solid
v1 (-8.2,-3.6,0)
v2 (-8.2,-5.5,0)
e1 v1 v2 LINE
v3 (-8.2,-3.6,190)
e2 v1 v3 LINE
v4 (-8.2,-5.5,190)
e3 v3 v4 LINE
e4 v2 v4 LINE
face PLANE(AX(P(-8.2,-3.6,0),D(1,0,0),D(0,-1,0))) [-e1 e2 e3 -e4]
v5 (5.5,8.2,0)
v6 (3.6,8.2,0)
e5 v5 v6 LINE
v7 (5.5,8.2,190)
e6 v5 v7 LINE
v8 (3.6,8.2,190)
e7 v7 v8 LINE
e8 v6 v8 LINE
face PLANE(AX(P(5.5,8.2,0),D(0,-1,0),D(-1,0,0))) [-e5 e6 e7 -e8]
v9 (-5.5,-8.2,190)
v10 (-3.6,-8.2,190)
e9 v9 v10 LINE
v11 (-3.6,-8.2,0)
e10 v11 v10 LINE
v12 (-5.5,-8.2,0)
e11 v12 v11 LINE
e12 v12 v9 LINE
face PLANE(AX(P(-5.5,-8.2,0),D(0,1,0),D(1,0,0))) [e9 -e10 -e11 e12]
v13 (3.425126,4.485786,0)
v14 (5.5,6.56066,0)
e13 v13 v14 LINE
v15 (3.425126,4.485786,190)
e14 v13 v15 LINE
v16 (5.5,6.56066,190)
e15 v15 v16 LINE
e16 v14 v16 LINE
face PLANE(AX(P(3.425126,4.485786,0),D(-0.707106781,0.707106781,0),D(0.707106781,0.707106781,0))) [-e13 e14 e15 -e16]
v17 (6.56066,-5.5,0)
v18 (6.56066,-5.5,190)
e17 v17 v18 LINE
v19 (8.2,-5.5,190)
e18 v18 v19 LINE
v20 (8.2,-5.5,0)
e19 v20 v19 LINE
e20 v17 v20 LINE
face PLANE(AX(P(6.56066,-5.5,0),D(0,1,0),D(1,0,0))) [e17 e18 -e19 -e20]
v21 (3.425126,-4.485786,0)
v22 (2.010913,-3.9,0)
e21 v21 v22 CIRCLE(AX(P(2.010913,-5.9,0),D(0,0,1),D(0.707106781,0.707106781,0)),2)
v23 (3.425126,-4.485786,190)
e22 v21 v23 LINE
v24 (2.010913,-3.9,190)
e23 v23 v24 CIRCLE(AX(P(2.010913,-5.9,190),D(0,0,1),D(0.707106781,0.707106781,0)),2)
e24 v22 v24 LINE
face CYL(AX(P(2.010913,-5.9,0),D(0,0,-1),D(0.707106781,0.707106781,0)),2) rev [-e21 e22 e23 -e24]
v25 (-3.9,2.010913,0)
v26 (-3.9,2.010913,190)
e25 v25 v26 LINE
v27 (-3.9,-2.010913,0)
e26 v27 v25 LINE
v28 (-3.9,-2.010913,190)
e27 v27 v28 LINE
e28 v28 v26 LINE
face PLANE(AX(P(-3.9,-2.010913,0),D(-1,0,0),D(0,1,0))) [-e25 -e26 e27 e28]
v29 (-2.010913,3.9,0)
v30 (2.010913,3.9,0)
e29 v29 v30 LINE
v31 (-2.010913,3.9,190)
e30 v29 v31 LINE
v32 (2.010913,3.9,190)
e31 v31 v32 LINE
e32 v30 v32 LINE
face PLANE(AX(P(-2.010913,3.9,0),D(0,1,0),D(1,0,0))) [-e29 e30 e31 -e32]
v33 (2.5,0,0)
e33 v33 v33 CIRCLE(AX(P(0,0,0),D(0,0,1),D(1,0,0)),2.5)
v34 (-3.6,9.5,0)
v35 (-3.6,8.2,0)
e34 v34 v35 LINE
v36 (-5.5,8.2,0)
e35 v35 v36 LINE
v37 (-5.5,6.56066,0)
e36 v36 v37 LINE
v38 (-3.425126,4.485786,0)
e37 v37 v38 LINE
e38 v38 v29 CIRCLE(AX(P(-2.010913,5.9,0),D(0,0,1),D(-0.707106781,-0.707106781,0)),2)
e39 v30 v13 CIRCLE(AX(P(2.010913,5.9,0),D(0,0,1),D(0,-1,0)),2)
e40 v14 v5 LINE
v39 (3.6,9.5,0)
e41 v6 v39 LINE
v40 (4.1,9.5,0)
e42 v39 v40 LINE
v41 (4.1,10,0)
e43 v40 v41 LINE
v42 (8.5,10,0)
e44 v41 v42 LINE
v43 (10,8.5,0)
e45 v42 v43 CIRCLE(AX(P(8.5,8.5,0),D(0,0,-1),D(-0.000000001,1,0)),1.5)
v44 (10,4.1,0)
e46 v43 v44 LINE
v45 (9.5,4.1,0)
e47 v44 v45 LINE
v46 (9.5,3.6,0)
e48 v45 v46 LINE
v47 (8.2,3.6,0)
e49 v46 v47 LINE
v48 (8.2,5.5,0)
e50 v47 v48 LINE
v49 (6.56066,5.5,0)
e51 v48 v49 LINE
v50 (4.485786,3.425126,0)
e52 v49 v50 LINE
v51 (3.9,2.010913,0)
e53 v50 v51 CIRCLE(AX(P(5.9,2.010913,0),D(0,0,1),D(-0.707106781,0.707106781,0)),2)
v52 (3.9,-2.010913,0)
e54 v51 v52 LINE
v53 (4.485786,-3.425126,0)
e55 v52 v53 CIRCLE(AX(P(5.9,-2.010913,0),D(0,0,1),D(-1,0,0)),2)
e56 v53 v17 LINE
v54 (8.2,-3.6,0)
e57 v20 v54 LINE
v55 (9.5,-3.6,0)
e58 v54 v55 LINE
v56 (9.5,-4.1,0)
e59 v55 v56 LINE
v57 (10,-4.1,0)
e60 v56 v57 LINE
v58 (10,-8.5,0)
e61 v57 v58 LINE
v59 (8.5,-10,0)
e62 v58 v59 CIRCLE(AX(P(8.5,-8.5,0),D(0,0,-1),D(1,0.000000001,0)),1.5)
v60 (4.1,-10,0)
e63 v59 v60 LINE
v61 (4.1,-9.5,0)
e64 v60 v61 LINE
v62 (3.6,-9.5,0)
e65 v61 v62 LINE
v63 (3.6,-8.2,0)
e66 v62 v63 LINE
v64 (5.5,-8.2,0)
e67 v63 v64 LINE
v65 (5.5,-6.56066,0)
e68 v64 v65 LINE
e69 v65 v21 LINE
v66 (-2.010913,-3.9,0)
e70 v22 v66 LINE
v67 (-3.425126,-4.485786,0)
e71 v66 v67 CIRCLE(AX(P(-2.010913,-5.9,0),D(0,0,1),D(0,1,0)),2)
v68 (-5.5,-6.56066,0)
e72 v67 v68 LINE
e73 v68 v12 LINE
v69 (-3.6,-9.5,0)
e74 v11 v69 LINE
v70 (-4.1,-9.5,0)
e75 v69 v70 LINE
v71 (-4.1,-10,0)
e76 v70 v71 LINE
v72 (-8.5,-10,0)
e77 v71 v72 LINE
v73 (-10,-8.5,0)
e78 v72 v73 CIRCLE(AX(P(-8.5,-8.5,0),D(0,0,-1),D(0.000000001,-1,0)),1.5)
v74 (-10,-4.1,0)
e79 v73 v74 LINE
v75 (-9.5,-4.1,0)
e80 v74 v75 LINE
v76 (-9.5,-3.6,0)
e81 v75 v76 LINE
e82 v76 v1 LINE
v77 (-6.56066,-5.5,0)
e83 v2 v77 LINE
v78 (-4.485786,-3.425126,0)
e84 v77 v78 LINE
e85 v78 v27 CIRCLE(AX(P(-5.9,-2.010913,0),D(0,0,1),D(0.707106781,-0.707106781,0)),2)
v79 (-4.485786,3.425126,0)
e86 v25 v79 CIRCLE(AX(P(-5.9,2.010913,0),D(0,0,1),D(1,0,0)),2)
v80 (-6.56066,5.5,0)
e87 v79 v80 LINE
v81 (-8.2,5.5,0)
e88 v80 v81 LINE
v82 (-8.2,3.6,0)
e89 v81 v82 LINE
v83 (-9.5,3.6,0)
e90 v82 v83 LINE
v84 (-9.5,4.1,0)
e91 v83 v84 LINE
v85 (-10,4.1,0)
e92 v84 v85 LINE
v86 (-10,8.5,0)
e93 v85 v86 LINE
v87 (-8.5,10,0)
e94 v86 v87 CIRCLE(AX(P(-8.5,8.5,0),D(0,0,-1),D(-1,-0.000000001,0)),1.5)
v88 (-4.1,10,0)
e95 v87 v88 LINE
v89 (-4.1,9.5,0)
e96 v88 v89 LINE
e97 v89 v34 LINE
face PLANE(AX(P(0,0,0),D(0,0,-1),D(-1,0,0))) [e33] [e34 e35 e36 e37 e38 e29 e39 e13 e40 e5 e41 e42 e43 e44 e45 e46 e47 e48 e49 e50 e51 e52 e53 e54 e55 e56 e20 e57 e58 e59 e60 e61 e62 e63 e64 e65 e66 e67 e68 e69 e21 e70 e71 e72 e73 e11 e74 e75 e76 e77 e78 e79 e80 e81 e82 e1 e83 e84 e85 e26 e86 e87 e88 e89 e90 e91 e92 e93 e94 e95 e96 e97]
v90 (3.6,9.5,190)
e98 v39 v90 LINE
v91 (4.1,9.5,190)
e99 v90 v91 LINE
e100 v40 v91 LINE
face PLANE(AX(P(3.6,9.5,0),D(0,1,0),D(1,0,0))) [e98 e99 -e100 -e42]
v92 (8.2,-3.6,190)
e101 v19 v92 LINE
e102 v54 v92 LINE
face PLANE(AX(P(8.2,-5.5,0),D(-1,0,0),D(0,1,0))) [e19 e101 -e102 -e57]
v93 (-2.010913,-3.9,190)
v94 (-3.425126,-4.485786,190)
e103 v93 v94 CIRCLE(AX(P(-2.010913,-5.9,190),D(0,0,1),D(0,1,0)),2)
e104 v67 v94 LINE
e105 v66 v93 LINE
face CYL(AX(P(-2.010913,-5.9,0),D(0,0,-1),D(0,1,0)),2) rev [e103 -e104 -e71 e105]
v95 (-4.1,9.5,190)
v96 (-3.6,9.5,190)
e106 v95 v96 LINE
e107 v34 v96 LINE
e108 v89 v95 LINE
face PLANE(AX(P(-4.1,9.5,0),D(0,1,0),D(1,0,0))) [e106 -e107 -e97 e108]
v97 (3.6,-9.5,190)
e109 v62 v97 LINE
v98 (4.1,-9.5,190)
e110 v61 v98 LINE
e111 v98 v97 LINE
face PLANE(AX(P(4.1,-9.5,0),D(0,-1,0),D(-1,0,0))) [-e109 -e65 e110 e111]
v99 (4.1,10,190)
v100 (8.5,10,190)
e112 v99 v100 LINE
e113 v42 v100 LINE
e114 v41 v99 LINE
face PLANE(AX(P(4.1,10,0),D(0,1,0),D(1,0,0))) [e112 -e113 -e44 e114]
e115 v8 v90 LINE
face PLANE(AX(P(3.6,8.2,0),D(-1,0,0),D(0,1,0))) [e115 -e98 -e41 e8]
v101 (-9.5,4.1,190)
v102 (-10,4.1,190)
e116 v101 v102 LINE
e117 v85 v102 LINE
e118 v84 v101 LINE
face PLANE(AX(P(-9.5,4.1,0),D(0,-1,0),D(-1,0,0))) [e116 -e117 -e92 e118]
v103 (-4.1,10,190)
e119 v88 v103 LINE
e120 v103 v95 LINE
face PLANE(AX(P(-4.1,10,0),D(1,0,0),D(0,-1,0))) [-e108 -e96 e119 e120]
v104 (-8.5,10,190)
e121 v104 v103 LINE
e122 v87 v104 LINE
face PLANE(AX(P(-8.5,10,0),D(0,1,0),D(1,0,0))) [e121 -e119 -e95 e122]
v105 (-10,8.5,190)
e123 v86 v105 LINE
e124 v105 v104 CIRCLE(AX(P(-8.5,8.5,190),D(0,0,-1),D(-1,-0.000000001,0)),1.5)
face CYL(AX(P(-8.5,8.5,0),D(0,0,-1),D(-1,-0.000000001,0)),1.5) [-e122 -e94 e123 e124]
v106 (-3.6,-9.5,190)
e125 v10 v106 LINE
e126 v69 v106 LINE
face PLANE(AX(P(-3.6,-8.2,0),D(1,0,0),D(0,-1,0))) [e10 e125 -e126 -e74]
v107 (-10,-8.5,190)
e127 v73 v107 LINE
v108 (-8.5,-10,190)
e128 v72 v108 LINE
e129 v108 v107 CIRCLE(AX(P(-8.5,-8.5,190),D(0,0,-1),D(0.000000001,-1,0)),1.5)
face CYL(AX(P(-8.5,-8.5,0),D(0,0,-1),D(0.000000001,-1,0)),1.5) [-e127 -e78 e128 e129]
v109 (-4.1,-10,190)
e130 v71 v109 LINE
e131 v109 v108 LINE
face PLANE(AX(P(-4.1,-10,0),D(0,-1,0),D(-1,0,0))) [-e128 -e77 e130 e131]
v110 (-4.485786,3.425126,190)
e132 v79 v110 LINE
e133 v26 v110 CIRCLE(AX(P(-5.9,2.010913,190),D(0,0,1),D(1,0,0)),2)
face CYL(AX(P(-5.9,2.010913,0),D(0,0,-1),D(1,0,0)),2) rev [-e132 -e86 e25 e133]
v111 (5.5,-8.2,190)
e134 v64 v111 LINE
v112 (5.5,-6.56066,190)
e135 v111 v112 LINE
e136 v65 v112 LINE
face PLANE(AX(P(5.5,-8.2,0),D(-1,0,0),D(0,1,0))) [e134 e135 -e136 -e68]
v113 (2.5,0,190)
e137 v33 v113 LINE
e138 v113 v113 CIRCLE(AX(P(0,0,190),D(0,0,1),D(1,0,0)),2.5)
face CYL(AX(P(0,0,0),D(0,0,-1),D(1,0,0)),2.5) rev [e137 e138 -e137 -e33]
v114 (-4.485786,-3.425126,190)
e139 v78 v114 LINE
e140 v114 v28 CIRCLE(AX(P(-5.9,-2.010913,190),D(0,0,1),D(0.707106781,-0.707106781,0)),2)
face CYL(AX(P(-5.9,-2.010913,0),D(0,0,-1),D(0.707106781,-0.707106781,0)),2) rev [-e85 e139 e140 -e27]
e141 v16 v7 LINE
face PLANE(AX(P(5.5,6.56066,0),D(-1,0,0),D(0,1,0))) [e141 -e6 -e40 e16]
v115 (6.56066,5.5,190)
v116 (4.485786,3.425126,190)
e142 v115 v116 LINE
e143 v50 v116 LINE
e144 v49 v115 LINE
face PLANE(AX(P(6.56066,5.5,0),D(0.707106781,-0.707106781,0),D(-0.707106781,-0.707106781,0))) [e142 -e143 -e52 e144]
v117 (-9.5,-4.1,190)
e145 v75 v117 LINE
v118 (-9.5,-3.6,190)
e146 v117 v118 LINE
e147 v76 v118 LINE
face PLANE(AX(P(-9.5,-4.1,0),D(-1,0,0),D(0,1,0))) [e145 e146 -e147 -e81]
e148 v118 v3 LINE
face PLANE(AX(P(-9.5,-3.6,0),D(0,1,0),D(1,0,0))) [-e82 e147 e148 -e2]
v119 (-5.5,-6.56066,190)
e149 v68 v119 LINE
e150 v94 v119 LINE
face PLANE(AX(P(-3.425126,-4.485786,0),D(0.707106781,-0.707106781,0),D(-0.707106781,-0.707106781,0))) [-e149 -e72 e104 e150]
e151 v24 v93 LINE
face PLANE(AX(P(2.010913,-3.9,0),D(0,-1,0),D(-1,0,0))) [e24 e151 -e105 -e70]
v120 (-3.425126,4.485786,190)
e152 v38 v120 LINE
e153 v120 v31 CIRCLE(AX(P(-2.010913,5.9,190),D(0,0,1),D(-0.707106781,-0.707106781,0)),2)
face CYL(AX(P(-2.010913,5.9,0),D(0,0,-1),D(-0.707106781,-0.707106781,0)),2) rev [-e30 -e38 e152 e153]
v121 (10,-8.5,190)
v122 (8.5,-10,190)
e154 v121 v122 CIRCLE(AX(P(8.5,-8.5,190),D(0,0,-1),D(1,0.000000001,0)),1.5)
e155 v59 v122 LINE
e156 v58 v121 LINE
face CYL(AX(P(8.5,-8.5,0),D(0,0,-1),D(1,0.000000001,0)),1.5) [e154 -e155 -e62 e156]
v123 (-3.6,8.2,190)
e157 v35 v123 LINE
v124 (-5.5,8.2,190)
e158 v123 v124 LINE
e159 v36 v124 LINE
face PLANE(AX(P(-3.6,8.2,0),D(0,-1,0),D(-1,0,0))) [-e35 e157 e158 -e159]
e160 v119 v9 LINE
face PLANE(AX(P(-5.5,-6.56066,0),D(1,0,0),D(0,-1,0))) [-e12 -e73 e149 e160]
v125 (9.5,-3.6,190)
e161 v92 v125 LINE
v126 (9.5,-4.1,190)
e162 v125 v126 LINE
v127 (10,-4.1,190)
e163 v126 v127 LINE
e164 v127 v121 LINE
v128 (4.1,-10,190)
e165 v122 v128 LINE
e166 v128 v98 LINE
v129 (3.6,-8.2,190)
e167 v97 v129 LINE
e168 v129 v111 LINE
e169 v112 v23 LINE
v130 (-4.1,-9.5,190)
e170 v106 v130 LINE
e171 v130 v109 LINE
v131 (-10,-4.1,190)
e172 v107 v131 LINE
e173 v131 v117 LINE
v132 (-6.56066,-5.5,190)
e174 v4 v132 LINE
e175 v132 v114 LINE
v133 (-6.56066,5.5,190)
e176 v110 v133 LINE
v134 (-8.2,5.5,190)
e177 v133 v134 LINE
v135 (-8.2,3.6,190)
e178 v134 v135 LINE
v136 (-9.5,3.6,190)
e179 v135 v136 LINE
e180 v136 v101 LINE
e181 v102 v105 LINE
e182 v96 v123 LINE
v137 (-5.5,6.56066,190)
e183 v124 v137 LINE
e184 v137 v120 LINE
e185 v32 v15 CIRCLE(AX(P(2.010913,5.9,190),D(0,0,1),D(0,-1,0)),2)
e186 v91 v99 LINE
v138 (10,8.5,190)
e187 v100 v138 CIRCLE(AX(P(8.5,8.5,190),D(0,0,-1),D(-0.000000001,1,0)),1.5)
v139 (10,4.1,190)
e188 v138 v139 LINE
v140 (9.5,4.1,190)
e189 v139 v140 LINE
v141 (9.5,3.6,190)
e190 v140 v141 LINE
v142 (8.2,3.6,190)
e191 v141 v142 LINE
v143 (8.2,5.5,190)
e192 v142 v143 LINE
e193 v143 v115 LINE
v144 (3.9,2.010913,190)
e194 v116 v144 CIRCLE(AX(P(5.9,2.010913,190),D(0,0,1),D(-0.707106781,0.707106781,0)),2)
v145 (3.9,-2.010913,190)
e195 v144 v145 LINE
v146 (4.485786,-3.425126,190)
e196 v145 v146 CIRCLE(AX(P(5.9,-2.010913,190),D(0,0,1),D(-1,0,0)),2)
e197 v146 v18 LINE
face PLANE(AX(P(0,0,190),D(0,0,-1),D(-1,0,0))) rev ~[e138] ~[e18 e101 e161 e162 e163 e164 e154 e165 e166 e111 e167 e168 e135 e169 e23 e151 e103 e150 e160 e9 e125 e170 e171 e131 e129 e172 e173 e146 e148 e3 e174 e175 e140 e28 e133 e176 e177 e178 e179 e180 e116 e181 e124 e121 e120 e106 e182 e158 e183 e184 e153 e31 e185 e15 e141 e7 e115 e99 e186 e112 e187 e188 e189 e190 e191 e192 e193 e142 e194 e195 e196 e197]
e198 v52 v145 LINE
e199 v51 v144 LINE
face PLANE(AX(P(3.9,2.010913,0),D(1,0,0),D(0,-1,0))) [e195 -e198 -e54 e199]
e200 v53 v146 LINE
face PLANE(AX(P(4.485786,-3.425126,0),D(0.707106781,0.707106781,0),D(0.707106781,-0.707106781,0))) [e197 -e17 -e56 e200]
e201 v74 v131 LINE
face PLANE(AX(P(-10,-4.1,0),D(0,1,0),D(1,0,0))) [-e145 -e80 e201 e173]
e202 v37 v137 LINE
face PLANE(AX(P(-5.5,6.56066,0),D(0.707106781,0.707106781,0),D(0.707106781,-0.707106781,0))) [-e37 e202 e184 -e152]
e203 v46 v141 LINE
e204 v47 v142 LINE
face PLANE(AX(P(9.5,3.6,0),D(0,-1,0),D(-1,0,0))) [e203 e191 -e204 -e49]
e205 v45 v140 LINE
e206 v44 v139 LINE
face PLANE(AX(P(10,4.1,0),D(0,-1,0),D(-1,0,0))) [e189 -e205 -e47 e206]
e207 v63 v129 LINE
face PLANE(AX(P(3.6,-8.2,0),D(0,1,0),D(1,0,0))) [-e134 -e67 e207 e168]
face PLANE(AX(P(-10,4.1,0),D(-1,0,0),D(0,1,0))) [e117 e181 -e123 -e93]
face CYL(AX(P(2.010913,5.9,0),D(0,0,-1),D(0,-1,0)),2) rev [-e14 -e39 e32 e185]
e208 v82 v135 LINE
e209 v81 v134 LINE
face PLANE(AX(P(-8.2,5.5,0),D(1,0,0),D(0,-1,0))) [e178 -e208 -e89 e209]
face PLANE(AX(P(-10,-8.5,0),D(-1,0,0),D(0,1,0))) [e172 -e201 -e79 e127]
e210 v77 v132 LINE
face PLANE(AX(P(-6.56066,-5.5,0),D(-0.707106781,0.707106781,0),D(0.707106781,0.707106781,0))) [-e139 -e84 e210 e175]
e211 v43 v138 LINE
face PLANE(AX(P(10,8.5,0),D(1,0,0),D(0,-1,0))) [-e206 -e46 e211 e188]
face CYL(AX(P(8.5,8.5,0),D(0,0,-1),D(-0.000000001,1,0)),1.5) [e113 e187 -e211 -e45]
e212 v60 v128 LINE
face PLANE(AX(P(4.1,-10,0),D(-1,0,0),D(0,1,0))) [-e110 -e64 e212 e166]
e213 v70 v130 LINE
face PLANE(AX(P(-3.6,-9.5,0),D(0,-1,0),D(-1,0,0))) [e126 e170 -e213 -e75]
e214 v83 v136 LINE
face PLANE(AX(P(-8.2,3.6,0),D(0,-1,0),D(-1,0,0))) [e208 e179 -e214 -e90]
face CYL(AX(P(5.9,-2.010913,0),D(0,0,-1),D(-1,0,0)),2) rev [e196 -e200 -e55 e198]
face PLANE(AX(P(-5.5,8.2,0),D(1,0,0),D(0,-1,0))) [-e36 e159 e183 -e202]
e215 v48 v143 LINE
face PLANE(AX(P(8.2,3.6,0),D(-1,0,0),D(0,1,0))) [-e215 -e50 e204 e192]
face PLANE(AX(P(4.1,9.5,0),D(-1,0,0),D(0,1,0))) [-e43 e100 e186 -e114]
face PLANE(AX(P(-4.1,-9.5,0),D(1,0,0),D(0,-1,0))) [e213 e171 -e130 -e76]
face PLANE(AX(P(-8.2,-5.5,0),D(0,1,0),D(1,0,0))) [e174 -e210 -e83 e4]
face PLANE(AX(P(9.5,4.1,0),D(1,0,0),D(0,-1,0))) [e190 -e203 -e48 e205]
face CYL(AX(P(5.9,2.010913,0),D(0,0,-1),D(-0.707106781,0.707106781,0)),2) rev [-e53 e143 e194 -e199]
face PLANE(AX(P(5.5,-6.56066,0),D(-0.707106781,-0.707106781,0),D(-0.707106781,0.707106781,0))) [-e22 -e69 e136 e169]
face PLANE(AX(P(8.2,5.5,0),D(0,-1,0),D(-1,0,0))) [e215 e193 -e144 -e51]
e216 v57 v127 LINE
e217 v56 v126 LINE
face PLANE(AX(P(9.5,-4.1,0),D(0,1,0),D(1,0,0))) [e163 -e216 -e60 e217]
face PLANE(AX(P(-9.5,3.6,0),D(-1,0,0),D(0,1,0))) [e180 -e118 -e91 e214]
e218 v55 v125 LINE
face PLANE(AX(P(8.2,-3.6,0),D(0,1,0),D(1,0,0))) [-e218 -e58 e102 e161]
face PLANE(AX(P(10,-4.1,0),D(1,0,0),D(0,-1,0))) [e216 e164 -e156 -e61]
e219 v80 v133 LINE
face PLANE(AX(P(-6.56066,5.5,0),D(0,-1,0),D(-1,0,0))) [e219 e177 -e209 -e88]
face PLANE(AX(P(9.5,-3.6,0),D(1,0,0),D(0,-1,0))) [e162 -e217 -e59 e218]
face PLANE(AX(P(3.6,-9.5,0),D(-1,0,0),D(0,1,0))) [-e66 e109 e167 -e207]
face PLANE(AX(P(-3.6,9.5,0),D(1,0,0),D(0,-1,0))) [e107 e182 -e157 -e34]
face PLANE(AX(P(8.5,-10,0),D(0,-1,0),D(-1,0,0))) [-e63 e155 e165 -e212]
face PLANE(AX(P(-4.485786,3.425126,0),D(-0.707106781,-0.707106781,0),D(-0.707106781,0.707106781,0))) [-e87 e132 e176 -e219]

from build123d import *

# Parameters (mm, degrees)
SKETCH1_R           = 2.5
BOSS_EXTRUDE2_DEPTH = 190


with BuildPart() as part:
    # Sketch1 → Boss-Extrude2 (new body)
    with BuildSketch(Plane.XY):
        with BuildLine():
            Line((10, -4.1), (10, -8.5))
            ThreePointArc((10, -8.5), (9.560660172, -9.560660172), (8.5, -10))
            Line((8.5, -10), (4.1, -10))
            Line((4.1, -10), (4.1, -9.5))
            Line((4.1, -9.5), (3.6, -9.5))
            Line((3.6, -9.5), (3.6, -8.2))
            Line((3.6, -8.2), (5.5, -8.2))
            Line((5.5, -8.2), (5.5, -6.560660172))
            Line((5.5, -6.560660172), (3.425126266, -4.485786438))
            ThreePointArc((3.425126266, -4.485786438), (2.776279568, -4.052240935), (2.010912703, -3.9))
            Line((2.010912703, -3.9), (-2.010912703, -3.9))
            ThreePointArc((-2.010912703, -3.9), (-2.776279568, -4.052240935), (-3.425126266, -4.485786438))
            Line((-3.425126266, -4.485786438), (-5.5, -6.560660172))
            Line((-5.5, -6.560660172), (-5.5, -8.2))
            Line((-5.5, -8.2), (-3.6, -8.2))
            Line((-3.6, -8.2), (-3.6, -9.5))
            Line((-3.6, -9.5), (-4.1, -9.5))
            Line((-4.1, -9.5), (-4.1, -10))
            Line((-4.1, -10), (-8.5, -10))
            ThreePointArc((-8.5, -10), (-9.560660172, -9.560660172), (-10, -8.5))
            Line((-10, -8.5), (-10, -4.1))
            Line((-10, -4.1), (-9.5, -4.1))
            Line((-9.5, -4.1), (-9.5, -3.6))
            Line((-9.5, -3.6), (-8.2, -3.6))
            Line((-8.2, -3.6), (-8.2, -5.5))
            Line((-8.2, -5.5), (-6.560660172, -5.5))
            Line((-6.560660172, -5.5), (-4.485786438, -3.425126266))
            ThreePointArc((-4.485786438, -3.425126266), (-4.052240935, -2.776279568), (-3.9, -2.010912703))
            Line((-3.9, -2.010912703), (-3.9, 2.010912703))
            ThreePointArc((-3.9, 2.010912703), (-4.052240935, 2.776279568), (-4.485786438, 3.425126266))
            Line((-4.485786438, 3.425126266), (-6.560660172, 5.5))
            Line((-6.560660172, 5.5), (-8.2, 5.5))
            Line((-8.2, 5.5), (-8.2, 3.6))
            Line((-8.2, 3.6), (-9.5, 3.6))
            Line((-9.5, 3.6), (-9.5, 4.1))
            Line((-9.5, 4.1), (-10, 4.1))
            Line((-10, 4.1), (-10, 8.5))
            ThreePointArc((-10, 8.5), (-9.560660172, 9.560660172), (-8.5, 10))
            Line((-8.5, 10), (-4.1, 10))
            Line((-4.1, 10), (-4.1, 9.5))
            Line((-4.1, 9.5), (-3.6, 9.5))
            Line((-3.6, 9.5), (-3.6, 8.2))
            Line((-3.6, 8.2), (-5.5, 8.2))
            Line((-5.5, 8.2), (-5.5, 6.560660172))
            Line((-5.5, 6.560660172), (-3.425126266, 4.485786438))
            ThreePointArc((-3.425126266, 4.485786438), (-2.776279568, 4.052240935), (-2.010912703, 3.9))
            Line((-2.010912703, 3.9), (2.010912703, 3.9))
            ThreePointArc((2.010912703, 3.9), (2.776279568, 4.052240935), (3.425126266, 4.485786438))
            Line((3.425126266, 4.485786438), (5.5, 6.560660172))
            Line((5.5, 6.560660172), (5.5, 8.2))
            Line((5.5, 8.2), (3.6, 8.2))
            Line((3.6, 8.2), (3.6, 9.5))
            Line((3.6, 9.5), (4.1, 9.5))
            Line((4.1, 9.5), (4.1, 10))
            Line((4.1, 10), (8.5, 10))
            ThreePointArc((8.5, 10), (9.560660172, 9.560660172), (10, 8.5))
            Line((10, 8.5), (10, 4.1))
            Line((10, 4.1), (9.5, 4.1))
            Line((9.5, 4.1), (9.5, 3.6))
            Line((9.5, 3.6), (8.2, 3.6))
            Line((8.2, 3.6), (8.2, 5.5))
            Line((8.2, 5.5), (6.560660172, 5.5))
            Line((6.560660172, 5.5), (4.485786438, 3.425126266))
            ThreePointArc((4.485786438, 3.425126266), (4.052240935, 2.776279568), (3.9, 2.010912703))
            Line((3.9, 2.010912703), (3.9, -2.010912703))
            ThreePointArc((3.9, -2.010912703), (4.052240935, -2.776279568), (4.485786438, -3.425126266))
            Line((4.485786438, -3.425126266), (6.560660172, -5.5))
            Line((6.560660172, -5.5), (8.2, -5.5))
            Line((8.2, -5.5), (8.2, -3.6))
            Line((8.2, -3.6), (9.5, -3.6))
            Line((9.5, -3.6), (9.5, -4.1))
            Line((9.5, -4.1), (10, -4.1))
        make_face()
        Circle(SKETCH1_R, mode=Mode.SUBTRACT)
    extrude(amount=BOSS_EXTRUDE2_DEPTH)


solid = part.part
